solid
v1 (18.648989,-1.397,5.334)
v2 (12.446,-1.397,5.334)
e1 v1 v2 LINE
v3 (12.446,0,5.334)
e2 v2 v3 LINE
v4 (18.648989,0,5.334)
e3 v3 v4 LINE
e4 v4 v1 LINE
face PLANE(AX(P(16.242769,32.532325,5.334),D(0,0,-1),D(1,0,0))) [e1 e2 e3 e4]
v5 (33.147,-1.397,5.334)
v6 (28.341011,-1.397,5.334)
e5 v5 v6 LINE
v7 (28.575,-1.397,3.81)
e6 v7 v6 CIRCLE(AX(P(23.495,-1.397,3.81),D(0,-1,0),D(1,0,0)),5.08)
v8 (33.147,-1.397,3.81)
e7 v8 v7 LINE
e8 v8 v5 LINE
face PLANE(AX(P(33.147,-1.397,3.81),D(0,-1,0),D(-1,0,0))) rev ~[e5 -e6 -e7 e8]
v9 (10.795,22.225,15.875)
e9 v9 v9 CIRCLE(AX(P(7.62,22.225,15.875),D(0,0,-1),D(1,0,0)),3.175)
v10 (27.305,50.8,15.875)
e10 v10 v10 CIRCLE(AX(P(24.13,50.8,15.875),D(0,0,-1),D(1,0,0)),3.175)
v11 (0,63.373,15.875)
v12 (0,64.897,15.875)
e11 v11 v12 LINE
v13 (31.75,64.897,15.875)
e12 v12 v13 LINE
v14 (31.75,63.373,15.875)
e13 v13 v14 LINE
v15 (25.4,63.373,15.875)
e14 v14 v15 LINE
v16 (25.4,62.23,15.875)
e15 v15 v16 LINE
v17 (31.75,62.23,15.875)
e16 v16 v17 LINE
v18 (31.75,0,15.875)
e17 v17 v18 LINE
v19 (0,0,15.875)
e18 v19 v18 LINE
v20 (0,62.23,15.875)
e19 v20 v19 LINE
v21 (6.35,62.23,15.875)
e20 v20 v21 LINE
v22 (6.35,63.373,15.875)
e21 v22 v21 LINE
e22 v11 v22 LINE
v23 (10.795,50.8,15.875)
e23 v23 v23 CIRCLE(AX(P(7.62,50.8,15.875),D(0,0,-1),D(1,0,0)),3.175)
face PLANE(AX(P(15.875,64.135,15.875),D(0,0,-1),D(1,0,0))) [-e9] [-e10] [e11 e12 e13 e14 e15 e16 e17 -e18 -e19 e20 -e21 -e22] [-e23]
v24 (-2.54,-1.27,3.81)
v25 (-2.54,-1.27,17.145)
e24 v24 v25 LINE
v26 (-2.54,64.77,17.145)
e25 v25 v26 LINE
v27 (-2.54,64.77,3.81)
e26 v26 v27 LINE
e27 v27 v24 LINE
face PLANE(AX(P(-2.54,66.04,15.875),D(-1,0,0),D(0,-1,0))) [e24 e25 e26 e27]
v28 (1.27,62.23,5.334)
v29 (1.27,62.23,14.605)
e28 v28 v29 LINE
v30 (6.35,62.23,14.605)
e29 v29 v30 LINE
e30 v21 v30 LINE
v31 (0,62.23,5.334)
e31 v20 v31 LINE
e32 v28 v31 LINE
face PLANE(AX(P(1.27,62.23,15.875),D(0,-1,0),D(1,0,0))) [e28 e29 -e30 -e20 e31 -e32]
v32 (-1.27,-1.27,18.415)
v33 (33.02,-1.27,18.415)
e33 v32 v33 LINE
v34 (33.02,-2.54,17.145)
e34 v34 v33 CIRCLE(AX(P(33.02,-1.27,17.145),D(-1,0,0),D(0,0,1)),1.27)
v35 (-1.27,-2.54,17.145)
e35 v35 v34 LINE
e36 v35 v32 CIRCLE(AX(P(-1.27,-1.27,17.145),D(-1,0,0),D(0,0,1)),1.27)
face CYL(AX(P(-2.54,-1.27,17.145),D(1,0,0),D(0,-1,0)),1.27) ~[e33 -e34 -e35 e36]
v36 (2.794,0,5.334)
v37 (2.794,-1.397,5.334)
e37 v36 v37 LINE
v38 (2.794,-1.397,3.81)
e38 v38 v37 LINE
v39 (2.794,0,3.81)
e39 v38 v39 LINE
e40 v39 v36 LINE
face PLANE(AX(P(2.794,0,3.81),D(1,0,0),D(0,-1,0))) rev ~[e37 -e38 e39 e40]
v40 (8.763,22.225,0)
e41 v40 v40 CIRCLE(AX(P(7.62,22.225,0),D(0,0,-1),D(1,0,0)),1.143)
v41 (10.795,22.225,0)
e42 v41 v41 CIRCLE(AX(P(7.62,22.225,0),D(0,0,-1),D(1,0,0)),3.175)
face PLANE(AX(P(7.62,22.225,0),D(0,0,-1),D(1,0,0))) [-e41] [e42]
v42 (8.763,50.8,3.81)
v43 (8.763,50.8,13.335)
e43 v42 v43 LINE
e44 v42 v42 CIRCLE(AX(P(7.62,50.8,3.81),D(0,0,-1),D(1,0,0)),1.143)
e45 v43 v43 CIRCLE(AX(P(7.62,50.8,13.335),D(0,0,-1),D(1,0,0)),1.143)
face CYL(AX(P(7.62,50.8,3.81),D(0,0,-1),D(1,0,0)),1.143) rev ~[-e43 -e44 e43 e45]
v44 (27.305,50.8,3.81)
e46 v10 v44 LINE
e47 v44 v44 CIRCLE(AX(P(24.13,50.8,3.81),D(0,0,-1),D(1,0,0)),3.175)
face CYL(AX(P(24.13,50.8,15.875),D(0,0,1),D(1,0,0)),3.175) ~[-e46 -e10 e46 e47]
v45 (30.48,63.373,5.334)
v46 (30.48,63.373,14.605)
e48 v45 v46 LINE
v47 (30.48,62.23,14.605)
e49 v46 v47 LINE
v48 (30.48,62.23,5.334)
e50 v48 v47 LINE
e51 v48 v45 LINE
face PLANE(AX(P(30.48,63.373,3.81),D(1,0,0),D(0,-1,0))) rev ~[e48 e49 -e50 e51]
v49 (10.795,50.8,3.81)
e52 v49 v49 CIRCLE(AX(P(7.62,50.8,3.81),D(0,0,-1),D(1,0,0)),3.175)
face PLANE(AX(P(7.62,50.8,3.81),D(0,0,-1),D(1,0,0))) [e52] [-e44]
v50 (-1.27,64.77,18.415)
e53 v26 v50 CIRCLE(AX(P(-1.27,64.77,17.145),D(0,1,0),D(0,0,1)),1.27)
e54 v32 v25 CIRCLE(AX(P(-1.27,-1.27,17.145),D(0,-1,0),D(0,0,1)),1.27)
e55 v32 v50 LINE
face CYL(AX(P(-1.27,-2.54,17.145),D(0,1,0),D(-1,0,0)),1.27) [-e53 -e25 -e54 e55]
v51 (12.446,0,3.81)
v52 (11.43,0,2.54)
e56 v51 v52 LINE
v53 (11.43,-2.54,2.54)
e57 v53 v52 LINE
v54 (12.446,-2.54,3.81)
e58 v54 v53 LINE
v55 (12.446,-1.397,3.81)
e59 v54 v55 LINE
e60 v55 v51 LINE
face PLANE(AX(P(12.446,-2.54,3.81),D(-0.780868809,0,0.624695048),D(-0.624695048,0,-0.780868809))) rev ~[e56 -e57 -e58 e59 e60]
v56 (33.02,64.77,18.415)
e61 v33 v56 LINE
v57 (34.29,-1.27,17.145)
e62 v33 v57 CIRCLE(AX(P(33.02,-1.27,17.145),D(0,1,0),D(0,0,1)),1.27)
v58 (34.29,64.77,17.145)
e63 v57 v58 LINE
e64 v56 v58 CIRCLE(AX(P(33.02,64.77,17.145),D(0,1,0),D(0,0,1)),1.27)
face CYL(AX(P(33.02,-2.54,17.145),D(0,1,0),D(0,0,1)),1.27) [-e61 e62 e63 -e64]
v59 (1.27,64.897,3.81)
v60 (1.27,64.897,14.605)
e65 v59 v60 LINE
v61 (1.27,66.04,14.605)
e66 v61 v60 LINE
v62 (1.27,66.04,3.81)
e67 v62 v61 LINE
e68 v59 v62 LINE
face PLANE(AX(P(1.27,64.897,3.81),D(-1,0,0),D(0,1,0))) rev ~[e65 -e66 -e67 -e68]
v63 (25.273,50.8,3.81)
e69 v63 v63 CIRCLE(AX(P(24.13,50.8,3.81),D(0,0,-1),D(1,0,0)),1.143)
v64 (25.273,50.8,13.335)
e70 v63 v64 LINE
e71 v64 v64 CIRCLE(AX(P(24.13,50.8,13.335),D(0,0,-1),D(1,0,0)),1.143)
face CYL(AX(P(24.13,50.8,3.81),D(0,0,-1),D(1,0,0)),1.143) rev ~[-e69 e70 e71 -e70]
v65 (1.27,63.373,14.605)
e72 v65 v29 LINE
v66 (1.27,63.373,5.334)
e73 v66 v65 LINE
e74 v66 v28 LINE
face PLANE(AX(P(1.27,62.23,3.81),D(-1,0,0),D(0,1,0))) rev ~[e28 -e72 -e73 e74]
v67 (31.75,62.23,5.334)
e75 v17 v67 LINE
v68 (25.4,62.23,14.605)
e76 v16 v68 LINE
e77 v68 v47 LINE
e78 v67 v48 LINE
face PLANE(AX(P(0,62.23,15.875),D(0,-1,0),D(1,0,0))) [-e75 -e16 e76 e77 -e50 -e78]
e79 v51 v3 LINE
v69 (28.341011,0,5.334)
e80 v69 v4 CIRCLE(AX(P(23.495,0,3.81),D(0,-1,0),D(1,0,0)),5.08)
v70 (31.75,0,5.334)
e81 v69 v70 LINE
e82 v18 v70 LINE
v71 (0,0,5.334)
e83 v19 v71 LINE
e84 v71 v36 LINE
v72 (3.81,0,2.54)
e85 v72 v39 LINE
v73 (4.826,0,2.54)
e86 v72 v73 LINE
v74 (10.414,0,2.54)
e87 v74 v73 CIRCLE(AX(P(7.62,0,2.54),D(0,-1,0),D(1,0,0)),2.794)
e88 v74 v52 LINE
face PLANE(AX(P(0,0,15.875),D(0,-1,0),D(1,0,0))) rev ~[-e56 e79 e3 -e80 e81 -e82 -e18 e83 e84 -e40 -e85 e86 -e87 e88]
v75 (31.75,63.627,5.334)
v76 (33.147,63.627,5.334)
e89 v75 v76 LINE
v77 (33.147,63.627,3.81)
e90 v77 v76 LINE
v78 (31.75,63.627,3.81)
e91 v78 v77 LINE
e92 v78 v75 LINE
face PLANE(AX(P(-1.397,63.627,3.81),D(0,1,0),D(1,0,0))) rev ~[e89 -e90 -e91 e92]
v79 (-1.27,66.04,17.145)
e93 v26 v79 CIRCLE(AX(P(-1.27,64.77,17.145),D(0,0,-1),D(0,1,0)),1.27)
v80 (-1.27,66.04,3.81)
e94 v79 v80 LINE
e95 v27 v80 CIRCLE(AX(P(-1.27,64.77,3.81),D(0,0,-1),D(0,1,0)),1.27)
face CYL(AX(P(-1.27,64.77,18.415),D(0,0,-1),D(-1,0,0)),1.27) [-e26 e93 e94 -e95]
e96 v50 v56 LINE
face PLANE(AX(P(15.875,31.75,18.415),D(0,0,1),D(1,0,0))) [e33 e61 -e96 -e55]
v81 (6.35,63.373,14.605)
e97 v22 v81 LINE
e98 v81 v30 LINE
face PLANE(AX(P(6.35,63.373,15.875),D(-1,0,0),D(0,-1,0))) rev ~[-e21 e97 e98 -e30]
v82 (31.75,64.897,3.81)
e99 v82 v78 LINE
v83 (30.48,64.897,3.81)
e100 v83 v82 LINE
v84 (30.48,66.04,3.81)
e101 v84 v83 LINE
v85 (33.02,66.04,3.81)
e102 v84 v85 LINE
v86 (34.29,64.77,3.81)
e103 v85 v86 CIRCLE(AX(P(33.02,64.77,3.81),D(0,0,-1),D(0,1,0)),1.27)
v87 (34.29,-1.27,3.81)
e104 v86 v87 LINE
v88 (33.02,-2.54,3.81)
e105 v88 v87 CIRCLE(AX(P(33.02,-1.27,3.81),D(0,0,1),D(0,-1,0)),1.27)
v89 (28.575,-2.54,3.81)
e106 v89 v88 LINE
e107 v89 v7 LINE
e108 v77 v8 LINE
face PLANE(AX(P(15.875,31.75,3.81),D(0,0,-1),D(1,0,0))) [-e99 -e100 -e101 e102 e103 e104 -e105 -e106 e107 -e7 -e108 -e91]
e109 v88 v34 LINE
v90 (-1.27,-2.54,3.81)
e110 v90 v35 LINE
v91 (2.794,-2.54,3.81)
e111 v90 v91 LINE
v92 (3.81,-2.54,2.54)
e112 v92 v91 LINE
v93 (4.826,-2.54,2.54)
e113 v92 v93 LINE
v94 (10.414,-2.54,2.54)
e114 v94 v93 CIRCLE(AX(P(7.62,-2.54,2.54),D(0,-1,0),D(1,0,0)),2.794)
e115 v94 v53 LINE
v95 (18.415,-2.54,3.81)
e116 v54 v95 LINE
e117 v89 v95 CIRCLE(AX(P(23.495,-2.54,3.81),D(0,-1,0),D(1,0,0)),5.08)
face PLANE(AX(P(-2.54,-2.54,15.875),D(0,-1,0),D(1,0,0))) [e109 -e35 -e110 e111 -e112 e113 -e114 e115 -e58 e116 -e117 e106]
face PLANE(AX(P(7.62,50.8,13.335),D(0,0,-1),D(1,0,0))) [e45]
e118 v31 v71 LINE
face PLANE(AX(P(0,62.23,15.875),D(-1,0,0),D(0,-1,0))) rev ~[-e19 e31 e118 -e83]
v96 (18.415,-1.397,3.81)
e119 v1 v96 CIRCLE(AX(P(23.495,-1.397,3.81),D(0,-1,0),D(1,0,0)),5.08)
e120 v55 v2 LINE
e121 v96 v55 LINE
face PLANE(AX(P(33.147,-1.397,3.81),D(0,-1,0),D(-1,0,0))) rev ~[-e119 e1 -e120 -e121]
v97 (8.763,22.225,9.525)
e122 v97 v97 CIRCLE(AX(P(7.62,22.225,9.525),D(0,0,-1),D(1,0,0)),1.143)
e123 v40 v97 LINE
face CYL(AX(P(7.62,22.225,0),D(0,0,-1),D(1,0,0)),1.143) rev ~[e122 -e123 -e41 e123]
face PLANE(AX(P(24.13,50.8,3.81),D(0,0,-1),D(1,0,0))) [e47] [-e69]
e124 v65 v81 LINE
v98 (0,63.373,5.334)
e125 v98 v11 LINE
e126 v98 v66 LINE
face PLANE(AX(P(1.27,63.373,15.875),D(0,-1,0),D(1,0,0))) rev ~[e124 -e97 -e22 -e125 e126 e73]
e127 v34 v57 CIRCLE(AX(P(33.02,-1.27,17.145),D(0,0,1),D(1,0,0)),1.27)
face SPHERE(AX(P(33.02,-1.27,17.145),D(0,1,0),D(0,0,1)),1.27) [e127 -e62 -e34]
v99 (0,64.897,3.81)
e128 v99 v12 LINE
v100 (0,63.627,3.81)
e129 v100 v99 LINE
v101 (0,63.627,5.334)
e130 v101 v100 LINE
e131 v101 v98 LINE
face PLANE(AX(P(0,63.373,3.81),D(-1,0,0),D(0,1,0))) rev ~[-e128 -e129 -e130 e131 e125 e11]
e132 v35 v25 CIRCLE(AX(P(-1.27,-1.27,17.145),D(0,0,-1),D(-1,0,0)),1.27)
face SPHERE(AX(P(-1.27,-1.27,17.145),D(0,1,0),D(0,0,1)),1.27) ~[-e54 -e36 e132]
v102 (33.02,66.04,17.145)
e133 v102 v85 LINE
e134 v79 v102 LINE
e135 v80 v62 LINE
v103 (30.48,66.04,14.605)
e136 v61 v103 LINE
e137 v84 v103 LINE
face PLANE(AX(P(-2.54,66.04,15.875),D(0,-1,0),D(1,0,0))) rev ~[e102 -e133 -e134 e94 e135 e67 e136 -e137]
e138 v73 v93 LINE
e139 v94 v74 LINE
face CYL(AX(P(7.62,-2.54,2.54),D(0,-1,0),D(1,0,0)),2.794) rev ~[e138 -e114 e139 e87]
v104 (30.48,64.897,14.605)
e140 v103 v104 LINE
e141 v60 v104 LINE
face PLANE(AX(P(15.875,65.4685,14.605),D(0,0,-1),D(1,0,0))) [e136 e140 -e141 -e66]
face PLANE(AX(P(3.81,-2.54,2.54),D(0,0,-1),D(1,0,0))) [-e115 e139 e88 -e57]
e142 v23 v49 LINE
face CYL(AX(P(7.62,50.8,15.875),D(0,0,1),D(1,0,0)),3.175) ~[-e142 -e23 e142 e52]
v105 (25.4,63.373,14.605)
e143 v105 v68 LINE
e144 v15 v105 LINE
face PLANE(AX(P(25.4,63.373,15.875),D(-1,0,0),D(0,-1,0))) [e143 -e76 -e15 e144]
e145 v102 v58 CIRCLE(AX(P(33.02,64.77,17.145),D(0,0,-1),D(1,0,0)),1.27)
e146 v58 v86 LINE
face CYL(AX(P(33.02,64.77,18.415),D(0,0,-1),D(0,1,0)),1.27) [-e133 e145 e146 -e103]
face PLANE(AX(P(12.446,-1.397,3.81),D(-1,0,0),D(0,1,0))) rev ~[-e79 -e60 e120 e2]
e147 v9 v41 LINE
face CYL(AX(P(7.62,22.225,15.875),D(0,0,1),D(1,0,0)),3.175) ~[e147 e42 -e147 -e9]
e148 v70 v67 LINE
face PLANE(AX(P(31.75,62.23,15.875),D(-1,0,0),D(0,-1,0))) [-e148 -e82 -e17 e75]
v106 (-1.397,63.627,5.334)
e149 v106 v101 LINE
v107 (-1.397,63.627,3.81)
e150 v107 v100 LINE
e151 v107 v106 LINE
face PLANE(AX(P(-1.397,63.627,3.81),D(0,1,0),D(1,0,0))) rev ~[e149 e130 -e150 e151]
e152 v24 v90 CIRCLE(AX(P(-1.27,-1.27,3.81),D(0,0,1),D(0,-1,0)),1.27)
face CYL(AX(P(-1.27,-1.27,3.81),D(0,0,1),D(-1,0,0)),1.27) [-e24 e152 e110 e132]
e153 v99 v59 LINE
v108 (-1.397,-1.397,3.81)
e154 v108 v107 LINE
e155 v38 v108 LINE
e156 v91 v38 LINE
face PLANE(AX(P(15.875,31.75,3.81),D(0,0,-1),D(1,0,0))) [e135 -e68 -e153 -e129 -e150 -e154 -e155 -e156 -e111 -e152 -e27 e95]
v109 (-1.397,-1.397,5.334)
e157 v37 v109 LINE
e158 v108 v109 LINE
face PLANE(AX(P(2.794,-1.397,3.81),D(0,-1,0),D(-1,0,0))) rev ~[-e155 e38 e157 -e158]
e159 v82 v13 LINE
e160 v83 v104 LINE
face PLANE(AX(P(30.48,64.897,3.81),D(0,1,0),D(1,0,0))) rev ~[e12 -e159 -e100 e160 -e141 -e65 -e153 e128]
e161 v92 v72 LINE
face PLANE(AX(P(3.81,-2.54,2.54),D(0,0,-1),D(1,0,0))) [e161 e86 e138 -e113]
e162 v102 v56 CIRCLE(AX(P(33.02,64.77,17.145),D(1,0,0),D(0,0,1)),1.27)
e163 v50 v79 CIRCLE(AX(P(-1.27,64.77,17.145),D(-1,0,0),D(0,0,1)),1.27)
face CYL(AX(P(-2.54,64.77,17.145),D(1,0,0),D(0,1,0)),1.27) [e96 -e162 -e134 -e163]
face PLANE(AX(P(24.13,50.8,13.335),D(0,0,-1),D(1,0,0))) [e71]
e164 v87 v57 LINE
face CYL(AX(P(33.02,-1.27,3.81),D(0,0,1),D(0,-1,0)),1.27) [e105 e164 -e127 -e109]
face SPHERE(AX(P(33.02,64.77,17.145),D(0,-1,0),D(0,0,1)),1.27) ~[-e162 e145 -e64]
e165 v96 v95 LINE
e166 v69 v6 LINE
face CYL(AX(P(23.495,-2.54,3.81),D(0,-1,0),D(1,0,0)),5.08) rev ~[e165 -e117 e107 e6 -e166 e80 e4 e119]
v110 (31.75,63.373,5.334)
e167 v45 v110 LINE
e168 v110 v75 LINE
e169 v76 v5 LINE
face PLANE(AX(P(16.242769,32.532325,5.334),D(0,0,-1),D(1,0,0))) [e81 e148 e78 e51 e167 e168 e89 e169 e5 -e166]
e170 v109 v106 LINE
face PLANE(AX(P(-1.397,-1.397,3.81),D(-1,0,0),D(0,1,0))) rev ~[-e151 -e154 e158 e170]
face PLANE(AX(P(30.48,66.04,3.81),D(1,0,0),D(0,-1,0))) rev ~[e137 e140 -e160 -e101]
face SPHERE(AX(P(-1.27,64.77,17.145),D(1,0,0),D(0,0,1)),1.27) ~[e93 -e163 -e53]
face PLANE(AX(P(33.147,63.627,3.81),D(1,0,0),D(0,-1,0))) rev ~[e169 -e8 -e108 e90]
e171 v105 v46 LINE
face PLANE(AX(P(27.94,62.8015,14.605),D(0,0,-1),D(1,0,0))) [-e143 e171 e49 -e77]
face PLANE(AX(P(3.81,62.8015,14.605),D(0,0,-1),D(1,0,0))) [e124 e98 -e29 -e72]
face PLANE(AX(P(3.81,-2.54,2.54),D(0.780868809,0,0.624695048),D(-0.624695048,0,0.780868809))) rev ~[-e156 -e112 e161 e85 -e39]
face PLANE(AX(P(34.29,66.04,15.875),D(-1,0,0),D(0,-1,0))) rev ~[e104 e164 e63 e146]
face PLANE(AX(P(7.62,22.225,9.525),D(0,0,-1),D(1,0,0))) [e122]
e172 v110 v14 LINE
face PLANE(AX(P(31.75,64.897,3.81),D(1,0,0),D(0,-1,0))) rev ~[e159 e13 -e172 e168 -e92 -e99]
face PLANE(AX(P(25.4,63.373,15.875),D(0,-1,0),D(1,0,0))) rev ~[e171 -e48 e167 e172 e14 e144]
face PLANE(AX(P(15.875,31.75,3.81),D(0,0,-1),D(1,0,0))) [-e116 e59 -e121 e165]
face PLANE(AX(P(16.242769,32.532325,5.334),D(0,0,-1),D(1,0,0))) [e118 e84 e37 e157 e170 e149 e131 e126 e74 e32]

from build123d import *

# Parameters (mm, degrees)
SKETCH026_W     = 36.83
SKETCH026_H     = 68.58
PAD014_DEPTH    = 2.54
SKETCH027_W     = 36.83
SKETCH027_H     = 68.58
SKETCH027_W_2   = 31.75
SKETCH027_H_2   = 62.23
PAD015_DEPTH    = 12.065
SKETCH028_R     = 3.175
PAD016_DEPTH    = 12.065
SKETCH029_R     = 1.143
POCKET009_DEPTH = 9.525
SKETCH030_R     = 3.175
PAD017_DEPTH    = 15.875
SKETCH031_R     = 1.143
POCKET010_DEPTH = 9.525
PAD018_DEPTH    = 2.54
SKETCH033_R     = 2.794
SKETCH033_R_2   = 5.08
POCKET011_DEPTH = 5.08
POCKET012_DEPTH = 12.065
SKETCH035_W     = 5.08
SKETCH035_H     = 1.143
SKETCH035_W_2   = 29.21
PAD019_DEPTH    = 1.27
POCKET013_DEPTH = 1.524
FILLET_R        = 1.27


with BuildPart() as part:
    # Sketch026 → Pad014 (new body)
    with BuildSketch(Plane.XY):
        with Locations((15.875, 31.75)):
            Rectangle(SKETCH026_W, SKETCH026_H)
    extrude(amount=PAD014_DEPTH)

    # Sketch027 (on Face5 of Pad014) → Pad015 (join)
    with BuildSketch(Plane(origin=(0, 0, 0), x_dir=(1, 0, 0), z_dir=(0, 0, -1))):
        with Locations((15.875, -31.75)):
            Rectangle(SKETCH027_W, SKETCH027_H)
        with Locations((15.875, -31.115)):
            Rectangle(SKETCH027_W_2, SKETCH027_H_2, mode=Mode.SUBTRACT)
    extrude(amount=PAD015_DEPTH)

    # Sketch028 (on Face15 of Pad015) → Pad016 (join)
    with BuildSketch(Plane(origin=(0, 0, 0), x_dir=(1, 0, 0), z_dir=(0, 0, -1))):
        with Locations((7.62, -50.8)):
            Circle(SKETCH028_R)
        with Locations((24.13, -50.8)):
            Circle(SKETCH028_R)
    extrude(amount=PAD016_DEPTH)

    # Sketch029 (on Face18 of Pad016) → Pocket009 (cut)
    with BuildSketch(Plane(origin=(0, 0, -12.065), x_dir=(1, 0, 0), z_dir=(0, 0, -1))):
        with Locations((7.62, -50.8)):
            Circle(SKETCH029_R)
        with Locations((24.13, -50.8)):
            Circle(SKETCH029_R)
    extrude(amount=-POCKET009_DEPTH, mode=Mode.SUBTRACT)

    # Sketch030 (on Face15 of Pocket009) → Pad017 (join)
    with BuildSketch(Plane(origin=(0, 0, 0), x_dir=(1, 0, 0), z_dir=(0, 0, -1))):
        with Locations((7.62, -22.225)):
            Circle(SKETCH030_R)
    extrude(amount=PAD017_DEPTH)

    # Sketch031 (on Face19 of Pad017) → Pocket010 (cut)
    with BuildSketch(Plane(origin=(0, 0, -15.875), x_dir=(1, 0, 0), z_dir=(0, 0, -1))):
        with Locations((7.62, -22.225)):
            Circle(SKETCH031_R)
    extrude(amount=-POCKET010_DEPTH, mode=Mode.SUBTRACT)

    # Sketch032 (on Face4 of Pocket010) → Pad018 (join)
    with BuildSketch(Plane.XZ.offset(2.54)):
        Polygon((2.794, -12.065), (12.446, -12.065), (11.43, -13.335), (7.62, -13.335), (3.81, -13.335), align=None)
    extrude(amount=-PAD018_DEPTH)

    # Sketch033 (on Face4 of Pad018) → Pocket011 (cut)
    with BuildSketch(Plane.XZ.offset(2.54)):
        with Locations((7.62, -13.335)):
            Circle(SKETCH033_R)
        with Locations((23.495, -12.065)):
            Circle(SKETCH033_R_2)
    extrude(amount=-POCKET011_DEPTH, mode=Mode.SUBTRACT)

    # Sketch034 (on Face9 of Pocket011) → Pocket012 (cut)
    with BuildSketch(Plane(origin=(0, 0, -12.065), x_dir=(1, 0, 0), z_dir=(0, 0, -1))):
        Polygon((1.27, -62.23), (1.27, -63.373), (0, -63.373), (0, -64.897), (1.27, -64.897), (1.27, -66.04), (30.48, -66.04), (30.48, -64.897), (31.75, -64.897), (31.75, -63.373), (30.48, -63.373), (30.48, -62.23), align=None)
    extrude(amount=-POCKET012_DEPTH, mode=Mode.SUBTRACT)

    # Sketch035 (on Face17 of Pocket012) → Pad019 (join)
    with BuildSketch(Plane(origin=(0, 0, 0), x_dir=(1, 0, 0), z_dir=(0, 0, -1))):
        with Locations((3.81, -62.8015)):
            Rectangle(SKETCH035_W, SKETCH035_H)
        with Locations((15.875, -65.4685)):
            Rectangle(SKETCH035_W_2, SKETCH035_H)
        with Locations((27.94, -62.8015)):
            Rectangle(SKETCH035_W, SKETCH035_H)
    extrude(amount=PAD019_DEPTH)

    # Sketch036 (on Face15 of Pad019) → Pocket013 (cut)
    with BuildSketch(Plane(origin=(0, 0, -12.065), x_dir=(1, 0, 0), z_dir=(0, 0, -1))):
        Polygon((-1.397, 1.397), (-1.397, -63.627), (33.147, -63.627), (33.147, 1.397), (12.446, 1.397), (12.446, 0), (31.75, 0), (31.75, -62.23), (0, -62.23), (0, 0), (2.794, 0), (2.794, 1.397), align=None)
    extrude(amount=-POCKET013_DEPTH, mode=Mode.SUBTRACT)

    # Fillet
    fillet_edges = [part.edges().sort_by_distance(p)[0] for p in [
        (34.29, 31.75, 2.54),
        (15.875, 66.04, 2.54),
        (-2.54, 31.75, 2.54),
        (15.875, -2.54, 2.54),
        (34.29, -2.54, 1.27),
        (34.29, -2.54, -6.0325),
        (34.29, 66.04, 1.27),
        (34.29, 66.04, -6.0325),
        (-2.54, 66.04, -6.0325),
        (-2.54, 66.04, 1.27),
        (-2.54, -2.54, -6.0325),
        (-2.54, -2.54, 1.27),
    ]]
    fillet(fillet_edges, radius=FILLET_R)


with BuildPart() as part_1:
    # Body020 placement: moved
    add(part.part.moved(Location((0, 0, 15.875))))


solid = part_1.part
